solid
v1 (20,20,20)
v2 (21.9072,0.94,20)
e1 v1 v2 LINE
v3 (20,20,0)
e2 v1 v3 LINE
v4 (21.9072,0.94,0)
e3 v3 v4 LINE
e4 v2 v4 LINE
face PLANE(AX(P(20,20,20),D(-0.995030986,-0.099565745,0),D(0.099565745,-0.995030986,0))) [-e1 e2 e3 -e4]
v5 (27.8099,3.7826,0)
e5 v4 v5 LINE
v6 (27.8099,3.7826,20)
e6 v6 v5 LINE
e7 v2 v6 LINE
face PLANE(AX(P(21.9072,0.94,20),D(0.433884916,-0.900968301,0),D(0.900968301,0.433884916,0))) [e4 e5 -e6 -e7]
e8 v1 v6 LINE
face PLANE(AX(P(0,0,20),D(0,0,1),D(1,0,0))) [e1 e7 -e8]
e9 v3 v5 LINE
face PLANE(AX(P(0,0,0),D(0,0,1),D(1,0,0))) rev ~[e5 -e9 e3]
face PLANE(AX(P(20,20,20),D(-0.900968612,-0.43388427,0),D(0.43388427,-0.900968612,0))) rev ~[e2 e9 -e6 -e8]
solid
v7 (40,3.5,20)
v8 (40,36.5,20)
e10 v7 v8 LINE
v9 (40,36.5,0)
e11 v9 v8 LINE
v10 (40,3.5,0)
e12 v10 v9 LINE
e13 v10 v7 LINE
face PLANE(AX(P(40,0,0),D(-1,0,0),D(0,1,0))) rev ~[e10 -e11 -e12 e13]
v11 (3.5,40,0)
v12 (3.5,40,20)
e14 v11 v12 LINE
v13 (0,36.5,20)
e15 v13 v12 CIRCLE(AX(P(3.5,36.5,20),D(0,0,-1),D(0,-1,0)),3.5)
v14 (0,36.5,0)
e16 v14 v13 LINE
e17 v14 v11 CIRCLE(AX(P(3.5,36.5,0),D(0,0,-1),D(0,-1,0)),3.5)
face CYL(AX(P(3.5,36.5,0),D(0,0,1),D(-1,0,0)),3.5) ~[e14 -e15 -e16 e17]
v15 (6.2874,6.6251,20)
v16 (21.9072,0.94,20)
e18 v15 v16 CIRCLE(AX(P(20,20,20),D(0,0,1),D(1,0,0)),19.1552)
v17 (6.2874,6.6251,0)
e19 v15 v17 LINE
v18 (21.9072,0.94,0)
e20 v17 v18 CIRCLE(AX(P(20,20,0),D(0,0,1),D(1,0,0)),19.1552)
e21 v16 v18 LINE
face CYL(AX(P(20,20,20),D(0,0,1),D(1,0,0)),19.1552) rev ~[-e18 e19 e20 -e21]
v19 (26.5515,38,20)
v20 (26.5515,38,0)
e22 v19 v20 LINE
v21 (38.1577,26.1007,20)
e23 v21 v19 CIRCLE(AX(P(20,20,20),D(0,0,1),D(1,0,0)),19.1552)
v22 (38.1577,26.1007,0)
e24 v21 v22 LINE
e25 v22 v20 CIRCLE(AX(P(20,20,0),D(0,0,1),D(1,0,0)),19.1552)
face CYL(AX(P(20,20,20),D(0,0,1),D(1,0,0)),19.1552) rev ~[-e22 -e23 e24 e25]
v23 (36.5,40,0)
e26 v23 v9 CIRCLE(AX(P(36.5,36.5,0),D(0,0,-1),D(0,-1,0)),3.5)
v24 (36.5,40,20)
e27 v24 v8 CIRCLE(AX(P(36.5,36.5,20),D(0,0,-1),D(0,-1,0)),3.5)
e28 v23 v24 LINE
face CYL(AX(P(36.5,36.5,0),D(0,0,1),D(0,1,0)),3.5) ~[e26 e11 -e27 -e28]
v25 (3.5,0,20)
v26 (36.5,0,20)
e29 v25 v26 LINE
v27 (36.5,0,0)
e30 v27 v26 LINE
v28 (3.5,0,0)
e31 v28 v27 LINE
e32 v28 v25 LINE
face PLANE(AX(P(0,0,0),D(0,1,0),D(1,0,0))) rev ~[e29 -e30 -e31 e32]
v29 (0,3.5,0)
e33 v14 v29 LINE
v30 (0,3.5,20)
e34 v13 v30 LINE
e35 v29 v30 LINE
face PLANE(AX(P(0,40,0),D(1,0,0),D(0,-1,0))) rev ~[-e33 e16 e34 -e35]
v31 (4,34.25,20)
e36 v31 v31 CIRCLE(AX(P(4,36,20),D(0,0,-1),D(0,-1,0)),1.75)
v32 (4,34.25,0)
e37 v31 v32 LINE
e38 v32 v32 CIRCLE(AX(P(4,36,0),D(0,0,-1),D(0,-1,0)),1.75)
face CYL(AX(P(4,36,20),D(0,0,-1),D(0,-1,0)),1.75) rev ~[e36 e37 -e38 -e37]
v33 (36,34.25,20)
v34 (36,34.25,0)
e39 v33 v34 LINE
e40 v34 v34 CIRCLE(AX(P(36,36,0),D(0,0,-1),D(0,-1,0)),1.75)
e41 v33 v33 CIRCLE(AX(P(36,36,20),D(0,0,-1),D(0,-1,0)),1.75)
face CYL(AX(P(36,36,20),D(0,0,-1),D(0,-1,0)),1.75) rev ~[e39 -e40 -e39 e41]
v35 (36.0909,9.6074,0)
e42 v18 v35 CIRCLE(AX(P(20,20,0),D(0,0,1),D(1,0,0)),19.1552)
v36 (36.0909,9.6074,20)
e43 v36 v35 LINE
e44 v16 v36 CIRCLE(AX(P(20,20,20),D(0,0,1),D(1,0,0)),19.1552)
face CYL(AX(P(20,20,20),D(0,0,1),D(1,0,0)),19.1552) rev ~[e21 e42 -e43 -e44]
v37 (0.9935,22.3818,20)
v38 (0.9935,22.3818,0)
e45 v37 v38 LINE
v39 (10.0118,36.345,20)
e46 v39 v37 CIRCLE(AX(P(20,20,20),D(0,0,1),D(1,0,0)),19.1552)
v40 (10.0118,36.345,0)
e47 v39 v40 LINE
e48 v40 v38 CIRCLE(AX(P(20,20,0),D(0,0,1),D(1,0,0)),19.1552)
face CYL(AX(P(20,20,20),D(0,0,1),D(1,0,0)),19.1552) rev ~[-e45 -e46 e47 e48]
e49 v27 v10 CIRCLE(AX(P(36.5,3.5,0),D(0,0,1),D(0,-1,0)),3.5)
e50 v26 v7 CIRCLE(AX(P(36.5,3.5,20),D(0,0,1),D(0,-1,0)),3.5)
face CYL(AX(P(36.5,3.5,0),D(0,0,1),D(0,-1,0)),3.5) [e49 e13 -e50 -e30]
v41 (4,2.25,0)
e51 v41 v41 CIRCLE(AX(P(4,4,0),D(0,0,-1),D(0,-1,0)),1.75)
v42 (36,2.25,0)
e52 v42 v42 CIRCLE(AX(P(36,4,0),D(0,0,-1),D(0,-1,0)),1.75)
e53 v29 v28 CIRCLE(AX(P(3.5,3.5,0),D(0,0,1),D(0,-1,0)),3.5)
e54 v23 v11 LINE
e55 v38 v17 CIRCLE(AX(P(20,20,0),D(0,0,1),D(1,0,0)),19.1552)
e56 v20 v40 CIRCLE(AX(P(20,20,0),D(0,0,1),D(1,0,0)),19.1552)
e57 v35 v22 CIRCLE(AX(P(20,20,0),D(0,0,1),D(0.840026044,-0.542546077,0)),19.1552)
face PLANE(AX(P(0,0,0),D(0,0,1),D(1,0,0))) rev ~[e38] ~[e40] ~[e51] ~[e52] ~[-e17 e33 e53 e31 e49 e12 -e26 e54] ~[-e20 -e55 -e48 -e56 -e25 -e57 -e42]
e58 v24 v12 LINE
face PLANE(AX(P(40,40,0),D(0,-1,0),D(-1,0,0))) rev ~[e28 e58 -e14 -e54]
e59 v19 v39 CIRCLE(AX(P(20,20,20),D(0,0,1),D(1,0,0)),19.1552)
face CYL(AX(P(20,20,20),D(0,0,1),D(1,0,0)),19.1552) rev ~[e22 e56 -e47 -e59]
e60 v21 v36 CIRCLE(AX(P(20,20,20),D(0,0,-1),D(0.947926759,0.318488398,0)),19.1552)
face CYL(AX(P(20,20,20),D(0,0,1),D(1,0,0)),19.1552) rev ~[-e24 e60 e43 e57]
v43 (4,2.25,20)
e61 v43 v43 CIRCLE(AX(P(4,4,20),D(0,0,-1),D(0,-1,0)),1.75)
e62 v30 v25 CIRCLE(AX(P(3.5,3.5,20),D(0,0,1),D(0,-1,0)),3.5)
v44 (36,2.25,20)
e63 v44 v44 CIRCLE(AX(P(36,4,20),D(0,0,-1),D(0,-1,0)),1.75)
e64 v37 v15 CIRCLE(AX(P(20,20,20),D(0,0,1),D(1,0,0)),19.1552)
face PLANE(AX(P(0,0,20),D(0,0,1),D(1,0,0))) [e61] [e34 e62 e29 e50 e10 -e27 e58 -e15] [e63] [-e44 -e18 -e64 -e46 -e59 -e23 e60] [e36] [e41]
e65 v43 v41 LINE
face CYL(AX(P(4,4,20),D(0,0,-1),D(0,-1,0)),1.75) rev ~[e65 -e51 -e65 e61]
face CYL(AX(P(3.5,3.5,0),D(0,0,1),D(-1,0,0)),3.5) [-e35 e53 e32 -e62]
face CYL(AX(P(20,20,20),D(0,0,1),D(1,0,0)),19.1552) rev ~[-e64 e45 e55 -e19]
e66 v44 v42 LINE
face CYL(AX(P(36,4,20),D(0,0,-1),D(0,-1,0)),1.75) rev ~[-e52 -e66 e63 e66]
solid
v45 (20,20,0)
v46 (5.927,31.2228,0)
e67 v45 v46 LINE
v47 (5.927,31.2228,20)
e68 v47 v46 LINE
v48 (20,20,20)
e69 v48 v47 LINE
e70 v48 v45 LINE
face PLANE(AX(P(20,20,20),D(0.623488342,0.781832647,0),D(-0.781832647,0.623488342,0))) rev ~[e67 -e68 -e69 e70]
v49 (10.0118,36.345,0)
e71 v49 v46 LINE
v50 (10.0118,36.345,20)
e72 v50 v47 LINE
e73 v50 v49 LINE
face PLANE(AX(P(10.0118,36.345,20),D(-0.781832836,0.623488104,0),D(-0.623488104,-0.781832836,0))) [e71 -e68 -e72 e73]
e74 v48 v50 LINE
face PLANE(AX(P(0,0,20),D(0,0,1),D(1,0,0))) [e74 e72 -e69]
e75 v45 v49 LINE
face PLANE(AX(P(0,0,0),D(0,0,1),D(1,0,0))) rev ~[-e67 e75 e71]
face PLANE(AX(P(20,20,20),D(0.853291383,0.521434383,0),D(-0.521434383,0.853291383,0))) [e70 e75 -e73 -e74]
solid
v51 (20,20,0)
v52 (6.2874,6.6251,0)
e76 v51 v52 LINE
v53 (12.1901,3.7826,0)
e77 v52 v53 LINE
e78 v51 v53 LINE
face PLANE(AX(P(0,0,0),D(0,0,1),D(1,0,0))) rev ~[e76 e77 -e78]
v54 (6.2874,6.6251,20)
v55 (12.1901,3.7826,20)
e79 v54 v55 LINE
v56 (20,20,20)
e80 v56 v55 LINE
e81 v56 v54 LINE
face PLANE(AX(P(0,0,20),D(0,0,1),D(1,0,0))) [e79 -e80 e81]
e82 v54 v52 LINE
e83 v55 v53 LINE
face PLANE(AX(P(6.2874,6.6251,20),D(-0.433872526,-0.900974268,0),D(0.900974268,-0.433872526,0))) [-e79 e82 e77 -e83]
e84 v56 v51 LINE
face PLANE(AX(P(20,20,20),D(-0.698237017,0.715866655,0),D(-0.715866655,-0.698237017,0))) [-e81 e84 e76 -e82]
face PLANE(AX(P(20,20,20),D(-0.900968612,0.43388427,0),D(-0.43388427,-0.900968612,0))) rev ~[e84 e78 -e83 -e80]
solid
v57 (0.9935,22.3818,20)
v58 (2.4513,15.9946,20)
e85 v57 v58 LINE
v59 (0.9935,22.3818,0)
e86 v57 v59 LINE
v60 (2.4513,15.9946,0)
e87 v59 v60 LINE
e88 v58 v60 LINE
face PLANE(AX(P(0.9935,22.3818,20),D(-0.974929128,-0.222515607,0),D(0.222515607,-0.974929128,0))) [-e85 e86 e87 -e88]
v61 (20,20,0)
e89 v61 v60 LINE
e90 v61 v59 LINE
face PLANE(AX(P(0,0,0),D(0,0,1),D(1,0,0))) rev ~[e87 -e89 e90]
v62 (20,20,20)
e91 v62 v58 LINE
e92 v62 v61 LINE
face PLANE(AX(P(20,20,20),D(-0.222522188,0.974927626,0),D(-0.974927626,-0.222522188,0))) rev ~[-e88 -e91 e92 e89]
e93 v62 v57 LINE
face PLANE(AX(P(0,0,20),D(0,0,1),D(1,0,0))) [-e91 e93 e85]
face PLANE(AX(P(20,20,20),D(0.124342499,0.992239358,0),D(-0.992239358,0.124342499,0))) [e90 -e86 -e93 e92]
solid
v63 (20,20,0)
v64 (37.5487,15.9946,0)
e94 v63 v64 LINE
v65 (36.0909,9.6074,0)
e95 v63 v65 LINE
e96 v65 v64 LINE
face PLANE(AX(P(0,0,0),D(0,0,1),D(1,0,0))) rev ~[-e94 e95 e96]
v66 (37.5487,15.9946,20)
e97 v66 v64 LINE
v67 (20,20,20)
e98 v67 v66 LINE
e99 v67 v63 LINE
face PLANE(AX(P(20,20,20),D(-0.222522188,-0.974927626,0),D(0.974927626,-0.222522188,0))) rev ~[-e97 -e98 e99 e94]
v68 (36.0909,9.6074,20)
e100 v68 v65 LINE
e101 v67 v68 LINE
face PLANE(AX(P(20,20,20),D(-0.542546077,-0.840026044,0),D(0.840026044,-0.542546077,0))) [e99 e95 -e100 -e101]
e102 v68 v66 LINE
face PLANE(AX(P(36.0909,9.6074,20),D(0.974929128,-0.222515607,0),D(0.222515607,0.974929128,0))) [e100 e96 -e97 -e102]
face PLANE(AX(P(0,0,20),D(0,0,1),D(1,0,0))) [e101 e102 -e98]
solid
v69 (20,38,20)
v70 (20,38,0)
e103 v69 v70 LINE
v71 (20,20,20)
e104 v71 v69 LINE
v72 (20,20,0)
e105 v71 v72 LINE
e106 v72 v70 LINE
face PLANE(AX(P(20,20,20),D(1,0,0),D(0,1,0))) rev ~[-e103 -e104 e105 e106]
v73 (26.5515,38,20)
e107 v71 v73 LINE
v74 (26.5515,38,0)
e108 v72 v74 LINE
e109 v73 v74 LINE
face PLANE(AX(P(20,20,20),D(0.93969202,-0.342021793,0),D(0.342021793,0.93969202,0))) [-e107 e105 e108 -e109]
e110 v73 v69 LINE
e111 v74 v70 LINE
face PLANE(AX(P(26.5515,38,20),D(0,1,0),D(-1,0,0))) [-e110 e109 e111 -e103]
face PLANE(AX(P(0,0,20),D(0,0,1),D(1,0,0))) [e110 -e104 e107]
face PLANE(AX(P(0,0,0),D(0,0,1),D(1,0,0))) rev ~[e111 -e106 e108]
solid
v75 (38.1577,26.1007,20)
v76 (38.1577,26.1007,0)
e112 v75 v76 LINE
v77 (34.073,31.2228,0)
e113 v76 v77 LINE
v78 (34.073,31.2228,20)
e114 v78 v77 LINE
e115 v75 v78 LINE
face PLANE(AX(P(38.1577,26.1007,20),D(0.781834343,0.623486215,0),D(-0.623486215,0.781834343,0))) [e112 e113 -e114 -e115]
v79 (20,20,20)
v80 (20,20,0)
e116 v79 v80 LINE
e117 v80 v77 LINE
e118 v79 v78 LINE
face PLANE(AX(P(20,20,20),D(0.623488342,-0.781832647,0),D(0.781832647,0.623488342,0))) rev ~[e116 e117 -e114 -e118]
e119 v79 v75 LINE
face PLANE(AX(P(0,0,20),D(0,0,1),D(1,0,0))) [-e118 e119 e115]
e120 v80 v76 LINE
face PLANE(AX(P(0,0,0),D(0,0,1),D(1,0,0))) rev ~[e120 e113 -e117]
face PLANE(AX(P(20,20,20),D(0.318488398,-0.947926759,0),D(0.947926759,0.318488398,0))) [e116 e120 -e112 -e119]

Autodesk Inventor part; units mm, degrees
ref_plane "YZ Plane" through (0, 0, 0) normal (1, 0, 0) x (0, 1, 0)
ref_plane "XZ Plane" through (0, 0, 0) normal (0, 1, 0) x (-1, 0, 0)
ref_plane "XY Plane" through (0, 0, 0) normal (0, 0, 1) x (1, 0, 0)
sketch "Sketch1" plane through (0, 0, 0) normal (0, 0, 1) x (1, 0, 0)
  line L0 (0, 0) -> (40, 0)
  line L1 (40, 0) -> (40, 40)
  line L2 (40, 40) -> (0, 40)
  line L3 (0, 40) -> (0, 0)
  dimension "d0" = 40
  dimension "d1" = 40
extrude "Extrusion1" add sketch "Sketch1" along normal blind 20
hole "Hole1" at (4, 36, 20) direction (0, 0, -1) diameter 3.5 end through all
hole "Hole2" at (4, 4, 20) direction (0, 0, -1) diameter 3.5 end through all
hole "Hole3" at (36, 4, 20) direction (0, 0, -1) diameter 3.5 end through all
hole "Hole4" at (36, 36, 20) direction (0, 0, -1) diameter 3.5 end through all
fillet "Fillet1" radius 3.5 4 edges at (40, 0, 10) (0, 0, 10) (0, 40, 10) (40, 40, 10)
sketch "Sketch2" plane through (0, 0, 20) normal (0, 0, 1) x (1, 0, 0)
  line L0 (36.5, 40) -> (3.5, 40) projected
  line L1 (0, 36.5) -> (0, 3.5) projected
  line L2 (3.5, 0) -> (36.5, 0) projected
  line L3 (40, 3.5) -> (40, 36.5) projected
  line L4 (20, 40) -> (20, 0) construction
  line L5 (0, 20) -> (40, 20) construction
  line L6 (20, 20) -> (20, 38)
  line L7 (20, 20) -> (26.5515, 38)
  line L8 (26.5515, 38) -> (20, 38)
  line L9 (20, 20) -> (5.927, 31.2228)
  line L10 (20, 20) -> (10.0118, 36.345)
  line L11 (10.0118, 36.345) -> (5.927, 31.2228)
  line L12 (20, 20) -> (2.4513, 15.9946)
  line L13 (20, 20) -> (0.9935, 22.3818)
  line L14 (0.9935, 22.3818) -> (2.4513, 15.9946)
  line L15 (20, 20) -> (12.1901, 3.7826)
  line L16 (20, 20) -> (6.2874, 6.6251)
  line L17 (6.2874, 6.6251) -> (12.1901, 3.7826)
  line L18 (20, 20) -> (27.8099, 3.7826)
  line L19 (20, 20) -> (21.9072, 0.94)
  line L20 (21.9072, 0.94) -> (27.8099, 3.7826)
  line L21 (20, 20) -> (37.5487, 15.9946)
  line L22 (20, 20) -> (36.0909, 9.6074)
  line L23 (36.0909, 9.6074) -> (37.5487, 15.9946)
  line L24 (20, 20) -> (34.073, 31.2228)
  line L25 (20, 20) -> (38.1577, 26.1007)
  line L26 (38.1577, 26.1007) -> (34.073, 31.2228)
  circle A0 centre (20, 20) radius 19.1552
  point P0 (0, 0)
  dimension "d41" = 18
  dimension "d42" = 20
  dimension "d45" = 360
extrude "Extrusion2" cut sketch "Sketch2" against normal blind 20 contours L10 A0 L8 L6 | L13 A0 L11 L9 | L16 A0 L14 L12 | L19 A0 L17 L15 | L22 A0 L20 L18 | L25 A0 L23 L21 | L7 A0 L26 L24
properties part number "Fan40x20mm" material "ABS Plastic"
